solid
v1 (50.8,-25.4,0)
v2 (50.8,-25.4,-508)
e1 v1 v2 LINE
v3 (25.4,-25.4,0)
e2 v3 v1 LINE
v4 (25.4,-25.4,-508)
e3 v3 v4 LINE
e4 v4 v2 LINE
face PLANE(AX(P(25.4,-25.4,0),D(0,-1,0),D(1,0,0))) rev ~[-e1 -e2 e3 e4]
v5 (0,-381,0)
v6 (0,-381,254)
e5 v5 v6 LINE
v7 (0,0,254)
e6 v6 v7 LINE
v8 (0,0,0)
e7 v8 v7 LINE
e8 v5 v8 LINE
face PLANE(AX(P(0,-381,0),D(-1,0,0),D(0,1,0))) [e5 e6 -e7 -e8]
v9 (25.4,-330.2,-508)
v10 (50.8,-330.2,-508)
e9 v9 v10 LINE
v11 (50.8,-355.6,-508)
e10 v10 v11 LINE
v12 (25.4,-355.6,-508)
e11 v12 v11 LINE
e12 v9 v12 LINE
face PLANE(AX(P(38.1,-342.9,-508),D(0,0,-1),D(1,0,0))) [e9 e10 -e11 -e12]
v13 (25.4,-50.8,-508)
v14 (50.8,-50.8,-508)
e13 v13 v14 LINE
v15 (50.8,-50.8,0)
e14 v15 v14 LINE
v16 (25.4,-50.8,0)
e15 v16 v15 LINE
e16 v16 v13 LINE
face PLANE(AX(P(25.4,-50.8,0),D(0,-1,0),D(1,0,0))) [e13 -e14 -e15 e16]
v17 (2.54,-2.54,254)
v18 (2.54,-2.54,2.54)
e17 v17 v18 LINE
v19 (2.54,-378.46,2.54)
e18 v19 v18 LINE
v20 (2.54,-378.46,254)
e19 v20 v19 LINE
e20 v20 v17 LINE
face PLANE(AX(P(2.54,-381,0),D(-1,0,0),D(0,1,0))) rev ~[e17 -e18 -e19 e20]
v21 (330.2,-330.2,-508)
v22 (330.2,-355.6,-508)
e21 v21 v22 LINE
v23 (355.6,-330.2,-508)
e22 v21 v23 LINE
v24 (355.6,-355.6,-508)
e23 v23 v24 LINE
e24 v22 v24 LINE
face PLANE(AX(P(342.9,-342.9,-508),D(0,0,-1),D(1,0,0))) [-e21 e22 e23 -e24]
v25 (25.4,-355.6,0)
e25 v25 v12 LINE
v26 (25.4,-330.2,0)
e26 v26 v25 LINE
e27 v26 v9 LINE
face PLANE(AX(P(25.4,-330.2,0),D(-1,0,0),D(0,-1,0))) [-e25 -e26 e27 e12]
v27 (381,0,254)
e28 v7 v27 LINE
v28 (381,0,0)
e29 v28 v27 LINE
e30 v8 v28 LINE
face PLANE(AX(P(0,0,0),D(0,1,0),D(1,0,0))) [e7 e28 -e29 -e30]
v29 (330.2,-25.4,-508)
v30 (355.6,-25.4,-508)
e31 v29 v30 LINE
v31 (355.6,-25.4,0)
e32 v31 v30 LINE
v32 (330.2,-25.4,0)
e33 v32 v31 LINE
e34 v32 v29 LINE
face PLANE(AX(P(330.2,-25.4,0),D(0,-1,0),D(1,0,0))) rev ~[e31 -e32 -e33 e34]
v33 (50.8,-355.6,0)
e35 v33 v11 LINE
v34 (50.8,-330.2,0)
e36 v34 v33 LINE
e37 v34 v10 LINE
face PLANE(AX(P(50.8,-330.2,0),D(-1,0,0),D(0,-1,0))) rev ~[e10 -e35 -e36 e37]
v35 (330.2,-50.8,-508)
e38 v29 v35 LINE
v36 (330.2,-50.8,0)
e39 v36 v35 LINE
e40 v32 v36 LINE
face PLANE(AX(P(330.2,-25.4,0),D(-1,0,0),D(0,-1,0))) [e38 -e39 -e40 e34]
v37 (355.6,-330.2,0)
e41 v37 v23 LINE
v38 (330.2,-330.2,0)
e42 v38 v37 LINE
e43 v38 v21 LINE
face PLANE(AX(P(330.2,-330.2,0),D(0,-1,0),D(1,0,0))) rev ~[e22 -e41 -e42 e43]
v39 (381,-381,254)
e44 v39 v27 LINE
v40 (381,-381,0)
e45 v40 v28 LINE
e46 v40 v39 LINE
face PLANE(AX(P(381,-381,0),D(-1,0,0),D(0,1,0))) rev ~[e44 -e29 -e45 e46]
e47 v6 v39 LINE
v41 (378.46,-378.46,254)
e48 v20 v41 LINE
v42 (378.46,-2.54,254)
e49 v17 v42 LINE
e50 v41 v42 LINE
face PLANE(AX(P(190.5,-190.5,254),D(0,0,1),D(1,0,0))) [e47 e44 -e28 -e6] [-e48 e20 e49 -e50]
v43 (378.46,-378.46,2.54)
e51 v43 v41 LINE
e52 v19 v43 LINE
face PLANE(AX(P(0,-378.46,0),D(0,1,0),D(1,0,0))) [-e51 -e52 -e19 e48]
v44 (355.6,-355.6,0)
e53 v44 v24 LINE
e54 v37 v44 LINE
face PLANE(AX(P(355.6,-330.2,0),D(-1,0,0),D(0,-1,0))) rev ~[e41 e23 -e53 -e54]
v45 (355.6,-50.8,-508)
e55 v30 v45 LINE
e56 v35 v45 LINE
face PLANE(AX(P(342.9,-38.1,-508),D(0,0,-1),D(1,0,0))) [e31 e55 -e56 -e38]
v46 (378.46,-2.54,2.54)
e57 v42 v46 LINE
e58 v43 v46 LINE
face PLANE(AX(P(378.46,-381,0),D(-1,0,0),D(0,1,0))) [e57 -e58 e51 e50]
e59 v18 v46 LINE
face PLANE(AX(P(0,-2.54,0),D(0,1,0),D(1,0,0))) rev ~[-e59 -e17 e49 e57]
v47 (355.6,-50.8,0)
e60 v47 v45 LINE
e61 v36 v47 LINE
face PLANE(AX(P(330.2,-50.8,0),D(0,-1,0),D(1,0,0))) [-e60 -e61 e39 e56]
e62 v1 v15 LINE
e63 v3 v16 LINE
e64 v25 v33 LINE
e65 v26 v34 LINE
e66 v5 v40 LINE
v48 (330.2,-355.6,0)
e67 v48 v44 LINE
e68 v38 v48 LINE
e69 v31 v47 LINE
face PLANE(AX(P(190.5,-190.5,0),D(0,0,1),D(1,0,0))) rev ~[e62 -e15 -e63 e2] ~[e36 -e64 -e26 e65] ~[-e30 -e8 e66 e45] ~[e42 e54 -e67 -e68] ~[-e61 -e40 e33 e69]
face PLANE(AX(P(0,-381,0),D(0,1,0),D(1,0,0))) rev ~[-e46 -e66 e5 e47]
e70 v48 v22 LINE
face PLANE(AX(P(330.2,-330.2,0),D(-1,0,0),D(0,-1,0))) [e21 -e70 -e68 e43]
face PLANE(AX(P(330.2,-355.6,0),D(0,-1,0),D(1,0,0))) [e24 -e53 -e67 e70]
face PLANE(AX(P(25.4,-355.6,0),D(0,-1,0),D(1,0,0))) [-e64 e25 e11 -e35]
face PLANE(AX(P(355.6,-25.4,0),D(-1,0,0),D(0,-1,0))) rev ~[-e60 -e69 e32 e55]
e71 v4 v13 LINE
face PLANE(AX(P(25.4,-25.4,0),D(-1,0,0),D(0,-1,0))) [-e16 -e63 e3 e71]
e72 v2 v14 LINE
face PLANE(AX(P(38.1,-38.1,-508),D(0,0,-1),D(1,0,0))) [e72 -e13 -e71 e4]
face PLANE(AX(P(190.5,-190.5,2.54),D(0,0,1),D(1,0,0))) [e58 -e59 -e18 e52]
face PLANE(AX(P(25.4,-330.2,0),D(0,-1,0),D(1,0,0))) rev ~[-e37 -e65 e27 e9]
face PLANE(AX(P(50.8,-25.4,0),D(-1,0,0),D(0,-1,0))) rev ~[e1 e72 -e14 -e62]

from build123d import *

# Parameters (mm, degrees)
F0_W     = 381
F0_H     = 381
F1_DEPTH = 254
F2_T     = -2.54
F3_W     = 25.4
F3_H     = 25.4
F4_DEPTH = 508


with BuildPart() as f1:
    # F0 (on Top) → F1 (new body)
    with BuildSketch(Plane.XY):
        with Locations((190.5, -190.5)):
            Rectangle(F0_W, F0_H)
    extrude(amount=F1_DEPTH)

    # F2
    f2_openings = [f1.faces().sort_by_distance(p)[0] for p in [
        (190.5, -190.5, 254),
    ]]
    offset(amount=F2_T, openings=f2_openings)

    # F3 (on face) → F4 (join)
    with BuildSketch(Plane(origin=(0, 0, 0), x_dir=(1, 0, 0), z_dir=(0, 0, -1))):
        with Locations((38.1, 342.9)):
            Rectangle(F3_W, F3_H)
        with Locations((342.9, 342.9)):
            Rectangle(F3_W, F3_H)
        with Locations((38.1, 38.1)):
            Rectangle(F3_W, F3_H)
        with Locations((342.9, 38.1)):
            Rectangle(F3_W, F3_H)
    extrude(amount=F4_DEPTH)


solid = f1.part
